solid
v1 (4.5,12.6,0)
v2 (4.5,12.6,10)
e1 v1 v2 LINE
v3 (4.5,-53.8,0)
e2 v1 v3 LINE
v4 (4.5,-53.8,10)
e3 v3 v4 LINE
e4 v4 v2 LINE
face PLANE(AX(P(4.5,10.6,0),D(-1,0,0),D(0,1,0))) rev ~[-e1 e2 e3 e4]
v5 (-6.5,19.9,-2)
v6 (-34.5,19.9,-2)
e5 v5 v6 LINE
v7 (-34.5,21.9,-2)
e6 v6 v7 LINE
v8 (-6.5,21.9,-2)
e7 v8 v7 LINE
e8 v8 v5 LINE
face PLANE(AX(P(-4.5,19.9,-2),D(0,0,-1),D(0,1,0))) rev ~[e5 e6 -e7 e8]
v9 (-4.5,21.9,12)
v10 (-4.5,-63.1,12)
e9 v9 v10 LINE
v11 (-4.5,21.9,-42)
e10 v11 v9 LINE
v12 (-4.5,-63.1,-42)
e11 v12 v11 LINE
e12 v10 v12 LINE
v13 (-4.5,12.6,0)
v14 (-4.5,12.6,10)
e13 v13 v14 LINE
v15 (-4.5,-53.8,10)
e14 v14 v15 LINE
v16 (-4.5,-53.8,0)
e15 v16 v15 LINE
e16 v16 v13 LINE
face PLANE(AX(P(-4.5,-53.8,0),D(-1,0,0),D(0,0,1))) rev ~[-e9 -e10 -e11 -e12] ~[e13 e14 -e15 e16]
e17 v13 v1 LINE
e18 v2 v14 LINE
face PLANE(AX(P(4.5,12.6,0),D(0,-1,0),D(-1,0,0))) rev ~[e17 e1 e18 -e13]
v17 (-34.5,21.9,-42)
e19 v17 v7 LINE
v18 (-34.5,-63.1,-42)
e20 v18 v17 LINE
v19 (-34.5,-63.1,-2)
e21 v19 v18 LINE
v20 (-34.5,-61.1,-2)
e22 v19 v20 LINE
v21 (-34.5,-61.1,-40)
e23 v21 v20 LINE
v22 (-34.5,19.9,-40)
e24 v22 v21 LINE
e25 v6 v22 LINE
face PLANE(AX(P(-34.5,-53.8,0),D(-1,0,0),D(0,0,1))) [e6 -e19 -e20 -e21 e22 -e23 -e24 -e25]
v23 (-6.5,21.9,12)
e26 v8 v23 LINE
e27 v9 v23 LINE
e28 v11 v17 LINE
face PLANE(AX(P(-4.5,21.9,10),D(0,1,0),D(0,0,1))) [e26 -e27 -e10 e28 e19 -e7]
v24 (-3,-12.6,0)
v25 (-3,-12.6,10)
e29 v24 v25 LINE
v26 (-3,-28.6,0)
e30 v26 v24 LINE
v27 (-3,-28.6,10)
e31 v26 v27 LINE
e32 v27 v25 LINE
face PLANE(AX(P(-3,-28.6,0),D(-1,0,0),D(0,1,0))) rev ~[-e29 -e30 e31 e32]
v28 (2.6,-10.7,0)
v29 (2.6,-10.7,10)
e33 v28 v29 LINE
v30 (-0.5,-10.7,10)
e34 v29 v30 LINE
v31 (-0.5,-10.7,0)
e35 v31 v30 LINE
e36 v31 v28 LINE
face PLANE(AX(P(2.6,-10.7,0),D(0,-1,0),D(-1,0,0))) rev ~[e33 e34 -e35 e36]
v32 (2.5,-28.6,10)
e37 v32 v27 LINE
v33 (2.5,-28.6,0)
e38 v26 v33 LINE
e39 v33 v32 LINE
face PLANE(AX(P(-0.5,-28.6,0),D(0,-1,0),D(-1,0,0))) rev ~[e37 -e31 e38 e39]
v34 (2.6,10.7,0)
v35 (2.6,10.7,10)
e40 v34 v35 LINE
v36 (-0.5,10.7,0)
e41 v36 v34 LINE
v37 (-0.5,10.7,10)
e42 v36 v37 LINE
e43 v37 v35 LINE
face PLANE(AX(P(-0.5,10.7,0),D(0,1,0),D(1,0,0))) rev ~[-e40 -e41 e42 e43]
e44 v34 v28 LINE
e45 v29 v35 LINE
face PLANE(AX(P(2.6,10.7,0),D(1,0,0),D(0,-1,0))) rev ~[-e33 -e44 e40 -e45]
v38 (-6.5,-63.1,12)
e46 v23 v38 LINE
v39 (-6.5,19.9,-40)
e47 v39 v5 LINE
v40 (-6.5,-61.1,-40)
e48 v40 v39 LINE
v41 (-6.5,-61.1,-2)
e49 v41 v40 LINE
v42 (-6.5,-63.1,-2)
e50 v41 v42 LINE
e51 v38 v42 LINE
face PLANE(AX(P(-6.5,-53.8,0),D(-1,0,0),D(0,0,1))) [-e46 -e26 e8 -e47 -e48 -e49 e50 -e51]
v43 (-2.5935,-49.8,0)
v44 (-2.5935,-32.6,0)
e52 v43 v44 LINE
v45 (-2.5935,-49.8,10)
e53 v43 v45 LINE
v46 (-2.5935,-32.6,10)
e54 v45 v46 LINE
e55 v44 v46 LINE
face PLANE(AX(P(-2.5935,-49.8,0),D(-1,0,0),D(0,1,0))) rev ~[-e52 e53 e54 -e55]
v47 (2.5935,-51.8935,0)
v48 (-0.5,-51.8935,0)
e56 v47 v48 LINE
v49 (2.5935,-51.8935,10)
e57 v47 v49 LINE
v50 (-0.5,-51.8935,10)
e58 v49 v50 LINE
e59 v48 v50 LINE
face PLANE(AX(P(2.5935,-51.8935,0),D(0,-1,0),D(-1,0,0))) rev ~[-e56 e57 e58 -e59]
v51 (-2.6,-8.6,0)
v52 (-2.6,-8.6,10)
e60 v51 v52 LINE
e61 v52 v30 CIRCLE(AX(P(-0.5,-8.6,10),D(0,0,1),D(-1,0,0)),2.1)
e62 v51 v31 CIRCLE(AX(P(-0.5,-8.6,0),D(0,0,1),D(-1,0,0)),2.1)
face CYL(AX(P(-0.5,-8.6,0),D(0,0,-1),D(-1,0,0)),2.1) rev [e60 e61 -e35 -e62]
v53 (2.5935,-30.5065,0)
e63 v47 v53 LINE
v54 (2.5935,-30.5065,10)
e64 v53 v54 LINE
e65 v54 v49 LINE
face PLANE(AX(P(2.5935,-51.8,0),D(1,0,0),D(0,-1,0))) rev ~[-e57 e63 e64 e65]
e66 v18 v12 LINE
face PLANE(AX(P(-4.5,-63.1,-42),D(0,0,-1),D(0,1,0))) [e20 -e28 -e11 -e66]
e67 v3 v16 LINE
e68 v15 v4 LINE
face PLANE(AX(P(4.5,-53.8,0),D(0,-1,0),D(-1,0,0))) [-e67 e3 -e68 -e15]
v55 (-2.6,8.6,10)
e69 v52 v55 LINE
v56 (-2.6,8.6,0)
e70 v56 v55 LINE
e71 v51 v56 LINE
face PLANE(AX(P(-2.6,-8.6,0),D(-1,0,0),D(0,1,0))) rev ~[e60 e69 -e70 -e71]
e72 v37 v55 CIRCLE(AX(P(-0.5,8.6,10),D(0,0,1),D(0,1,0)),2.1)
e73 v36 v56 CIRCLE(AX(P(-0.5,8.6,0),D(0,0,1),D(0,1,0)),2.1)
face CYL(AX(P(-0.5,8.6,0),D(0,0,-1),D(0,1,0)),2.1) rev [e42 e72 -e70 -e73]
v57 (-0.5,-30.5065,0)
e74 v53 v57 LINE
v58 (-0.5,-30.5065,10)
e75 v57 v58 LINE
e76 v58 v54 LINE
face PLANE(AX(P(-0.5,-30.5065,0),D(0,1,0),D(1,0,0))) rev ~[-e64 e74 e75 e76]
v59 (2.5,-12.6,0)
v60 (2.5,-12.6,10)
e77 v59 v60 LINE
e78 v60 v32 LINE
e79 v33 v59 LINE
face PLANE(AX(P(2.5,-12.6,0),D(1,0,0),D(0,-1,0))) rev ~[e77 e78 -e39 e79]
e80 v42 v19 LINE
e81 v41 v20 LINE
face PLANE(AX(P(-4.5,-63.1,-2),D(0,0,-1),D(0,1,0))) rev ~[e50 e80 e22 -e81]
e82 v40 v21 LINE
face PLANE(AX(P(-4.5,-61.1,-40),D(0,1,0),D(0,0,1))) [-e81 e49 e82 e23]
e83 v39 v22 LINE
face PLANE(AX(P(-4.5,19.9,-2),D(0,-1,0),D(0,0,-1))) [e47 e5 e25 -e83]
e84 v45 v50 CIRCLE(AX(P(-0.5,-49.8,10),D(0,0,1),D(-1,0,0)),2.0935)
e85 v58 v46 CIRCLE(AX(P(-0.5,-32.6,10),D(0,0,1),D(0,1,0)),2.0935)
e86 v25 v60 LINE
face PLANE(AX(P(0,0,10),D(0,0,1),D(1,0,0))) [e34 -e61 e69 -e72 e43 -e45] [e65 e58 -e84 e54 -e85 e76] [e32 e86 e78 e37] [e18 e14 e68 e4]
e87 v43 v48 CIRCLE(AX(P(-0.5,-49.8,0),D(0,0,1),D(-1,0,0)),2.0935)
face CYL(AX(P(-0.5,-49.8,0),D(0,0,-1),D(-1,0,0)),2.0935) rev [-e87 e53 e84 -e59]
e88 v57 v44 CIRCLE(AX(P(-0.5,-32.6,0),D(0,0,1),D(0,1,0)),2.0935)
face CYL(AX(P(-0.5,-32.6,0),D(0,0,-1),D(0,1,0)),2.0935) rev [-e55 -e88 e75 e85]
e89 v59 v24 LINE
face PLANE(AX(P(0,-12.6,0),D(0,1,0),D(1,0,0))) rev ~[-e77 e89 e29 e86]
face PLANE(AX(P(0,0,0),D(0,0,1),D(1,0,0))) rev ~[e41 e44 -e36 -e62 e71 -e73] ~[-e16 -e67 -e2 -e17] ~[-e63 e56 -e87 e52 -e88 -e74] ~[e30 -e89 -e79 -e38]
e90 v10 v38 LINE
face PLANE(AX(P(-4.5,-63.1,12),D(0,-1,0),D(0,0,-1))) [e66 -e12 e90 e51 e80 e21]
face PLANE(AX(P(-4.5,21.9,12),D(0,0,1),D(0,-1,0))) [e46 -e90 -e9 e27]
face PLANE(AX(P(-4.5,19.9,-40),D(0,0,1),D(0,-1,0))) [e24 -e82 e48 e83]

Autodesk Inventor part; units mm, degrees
ref_plane "YZ Plane" through (0, 0, 0) normal (1, 0, 0) x (0, 1, 0)
ref_plane "XZ Plane" through (0, 0, 0) normal (0, 1, 0) x (-1, 0, 0)
ref_plane "XY Plane" through (0, 0, 0) normal (0, 0, 1) x (1, 0, 0)
sketch "Sketch1" plane through (0, 0, 0) normal (0, 0, 1) x (1, 0, 0)
  arc A0 (-0.5, 10.6) -> (-2.5, 8.6) centre (-0.5, 8.6) ccw projected
  line L0 (-2.5, 8.6) -> (-2.5, -8.6) projected
  arc A1 (-2.5, -8.6) -> (-0.5, -10.6) centre (-0.5, -8.6) ccw projected
  line L1 (-0.5, -10.6) -> (2.5, -10.6) projected
  line L2 (2.5, -10.6) -> (2.5, 10.6) projected
  line L3 (2.5, 10.6) -> (-0.5, 10.6) projected
  line L4 (2.5, -51.8) -> (10.3, -51.8) projected
  arc A2 (10.3, -51.8) -> (12.3, -49.8) centre (10.3, -49.8) ccw projected
  line L5 (12.3, -49.8) -> (12.3, -43.8) projected
  arc A3 (14.3, -41.8) -> (12.3, -43.8) centre (14.3, -43.8) ccw projected
  line L6 (14.3, -41.8) -> (33.1, -41.8) projected
  arc A4 (35.1, -43.8) -> (33.1, -41.8) centre (33.1, -43.8) ccw projected
  line L7 (35.1, -43.8) -> (35.1, -49.8) projected
  arc A5 (35.1, -49.8) -> (37.1, -51.8) centre (37.1, -49.8) ccw projected
  line L8 (37.1, -51.8) -> (47.9, -51.8) projected
  arc A6 (47.9, -51.8) -> (49.9, -49.8) centre (47.9, -49.8) ccw projected
  line L9 (49.9, -49.8) -> (49.9, -27.6) projected
  arc A7 (51.9, -25.6) -> (49.9, -27.6) centre (51.9, -27.6) ccw projected
  line L10 (51.9, -25.6) -> (137.9, -25.6) projected
  arc A8 (139.9, -27.6) -> (137.9, -25.6) centre (137.9, -27.6) ccw projected
  line L11 (139.9, -27.6) -> (139.9, -49.8) projected
  arc A9 (139.9, -49.8) -> (141.9, -51.8) centre (141.9, -49.8) ccw projected
  line L12 (141.9, -51.8) -> (154.1, -51.8) projected
  arc A10 (154.1, -51.8) -> (156.1, -49.8) centre (154.1, -49.8) ccw projected
  line L13 (156.1, -49.8) -> (156.1, -41.8) projected
  line L14 (156.1, -41.8) -> (176.1, -41.8) projected
  line L15 (176.1, -41.8) -> (176.1, -49.8) projected
  arc A11 (176.1, -49.8) -> (178.1, -51.8) centre (178.1, -49.8) ccw projected
  line L16 (178.1, -51.8) -> (190.3, -51.8) projected
  arc A12 (190.3, -51.8) -> (192.3, -49.8) centre (190.3, -49.8) ccw projected
  line L17 (192.3, -49.8) -> (192.3, -38.8) projected
  arc A13 (192.3, -38.8) -> (190.3, -36.8) centre (190.3, -38.8) ccw projected
  line L18 (190.3, -36.8) -> (189.3, -36.8) projected
  arc A14 (187.3, -34.8) -> (189.3, -36.8) centre (189.3, -34.8) ccw projected
  line L19 (187.3, -34.8) -> (187.3, -6.4) projected
  arc A15 (189.3, -4.4) -> (187.3, -6.4) centre (189.3, -6.4) ccw projected
  line L20 (189.3, -4.4) -> (190.3, -4.4) projected
  arc A16 (190.3, -4.4) -> (192.3, -2.4) centre (190.3, -2.4) ccw projected
  line L21 (192.3, -2.4) -> (192.3, 8.6) projected
  arc A17 (192.3, 8.6) -> (190.3, 10.6) centre (190.3, 8.6) ccw projected
  line L22 (190.3, 10.6) -> (178.1, 10.6) projected
  arc A18 (178.1, 10.6) -> (176.1, 8.6) centre (178.1, 8.6) ccw projected
  line L23 (176.1, 8.6) -> (176.1, 2.6) projected
  arc A19 (174.1, 0.6) -> (176.1, 2.6) centre (174.1, 2.6) ccw projected
  line L24 (174.1, 0.6) -> (158.1, 0.6) projected
  arc A20 (156.1, 2.6) -> (158.1, 0.6) centre (158.1, 2.6) ccw projected
  line L25 (156.1, 2.6) -> (156.1, 8.6) projected
  arc A21 (156.1, 8.6) -> (154.1, 10.6) centre (154.1, 8.6) ccw projected
  line L26 (154.1, 10.6) -> (141.9, 10.6) projected
  arc A22 (141.9, 10.6) -> (139.9, 8.6) centre (141.9, 8.6) ccw projected
  line L27 (139.9, 8.6) -> (139.9, -13.6) projected
  arc A23 (137.9, -15.6) -> (139.9, -13.6) centre (137.9, -13.6) ccw projected
  line L28 (51.9, -15.6) -> (137.9, -15.6) projected
  arc A24 (49.9, -13.6) -> (51.9, -15.6) centre (51.9, -13.6) ccw projected
  line L29 (49.9, -13.6) -> (49.9, 8.6) projected
  arc A25 (49.9, 8.6) -> (47.9, 10.6) centre (47.9, 8.6) ccw projected
  line L30 (47.9, 10.6) -> (37.1745, 10.6) projected
  arc A26 (37.1745, 10.6) -> (35.1745, 8.6) centre (37.1745, 8.6) ccw projected
  line L31 (35.1745, 8.6) -> (35.1745, 2.6) projected
  arc A27 (33.1745, 0.6) -> (35.1745, 2.6) centre (33.1745, 2.6) ccw projected
  line L32 (33.1745, 0.6) -> (14.3, 0.6) projected
  arc A28 (12.3, 2.6) -> (14.3, 0.6) centre (14.3, 2.6) ccw projected
  line L33 (12.3, 2.6) -> (12.3, 8.6) projected
  arc A29 (12.3, 8.6) -> (10.3, 10.6) centre (10.3, 8.6) ccw projected
  line L34 (10.3, 10.6) -> (2.5, 10.6) projected
  line L35 (2.5, 10.6) -> (2.5, -51.8) projected
  circle A30 centre (181.65, 5.6) radius 1.25 projected
  circle A31 centre (181.65, -46.8) radius 1.25 projected
  circle A32 centre (150.55, -46.8) radius 1.25 projected
  circle A33 centre (166.1, -20.6) radius 12.5 projected
  circle A34 centre (150.55, 5.6) radius 1.25 projected
  circle A35 centre (39.25, -46.8) radius 1.25 projected
  circle A36 centre (8.15, 5.6) radius 1.25 projected
  circle A37 centre (8.15, -46.8) radius 1.25 projected
  circle A38 centre (23.7, -20.6) radius 12.5 projected
  circle A39 centre (39.25, 5.6) radius 1.25 projected
  arc A40 (-0.5, -30.6) -> (-2.5, -32.6) centre (-0.5, -32.6) ccw projected
  line L36 (-2.5, -32.6) -> (-2.5, -49.8) projected
  arc A41 (-2.5, -49.8) -> (-0.5, -51.8) centre (-0.5, -49.8) ccw projected
  line L37 (-0.5, -51.8) -> (2.5, -51.8) projected
  line L38 (2.5, -51.8) -> (2.5, -30.6) projected
  line L39 (2.5, -30.6) -> (-0.5, -30.6) projected
  arc A42 (-0.5, 12.6) -> (-4.5, 8.6) centre (-0.5, 8.6) ccw
  line L40 (-4.5, 8.6) -> (-4.5, -8.6)
  arc A43 (-4.5, -8.6) -> (-0.5, -12.6) centre (-0.5, -8.6) ccw
  line L41 (-0.5, -12.6) -> (4.5, -12.6)
  line L42 (4.5, -12.6) -> (4.5, 12.6)
  line L43 (4.5, 12.6) -> (-0.5, 12.6)
  arc A44 (-0.5, -28.6) -> (-4.5, -32.6) centre (-0.5, -32.6) ccw
  line L44 (-0.5, -28.6) -> (4.5, -28.6)
  line L45 (4.5, -28.6) -> (4.5, -53.8)
  line L46 (4.5, -53.8) -> (-0.5, -53.8)
  arc A45 (-4.5, -49.8) -> (-0.5, -53.8) centre (-0.5, -49.8) ccw
  line L47 (-4.5, -49.8) -> (-4.5, -32.6)
  line L48 (4.5, -12.6) -> (4.5, -28.6)
  line L49 (-4.5, -8.6) -> (-4.5, -32.6)
  line L50 (0, -28.6) -> (0, -12.6)
  line L51 (-3, -12.6) -> (3, -12.6)
  line L52 (3, -12.6) -> (3, -28.6)
  line L53 (3, -28.6) -> (-3, -28.6)
  line L54 (-3, -28.6) -> (-3, -12.6)
  line L55 (-3, -12.6) -> (3, -28.6) construction
  line L56 (3, -12.6) -> (-3, -28.6) construction
  arc A46 (-0.5, -30.5065) -> (-2.5935, -32.6) centre (-0.5, -32.6) ccw
  line L57 (-0.5, -30.5065) -> (2.5935, -30.5065)
  line L58 (2.5935, -30.5065) -> (2.5935, -51.8935)
  line L59 (2.5935, -51.8935) -> (-0.5, -51.8935)
  arc A47 (-2.5935, -49.8) -> (-0.5, -51.8935) centre (-0.5, -49.8) ccw
  line L60 (-2.5935, -49.8) -> (-2.5935, -32.6)
  arc A48 (-2.6, -8.6) -> (-0.5, -10.7) centre (-0.5, -8.6) ccw
  line L61 (-2.6, -8.6) -> (-2.6, 8.6)
  arc A49 (-0.5, 10.7) -> (-2.6, 8.6) centre (-0.5, 8.6) ccw
  line L62 (-0.5, 10.7) -> (2.6, 10.7)
  line L63 (2.6, 10.7) -> (2.6, -10.7)
  line L64 (2.6, -10.7) -> (-0.5, -10.7)
  line L65 (2.5, -12.6) -> (2.5, -13.431)
  line L66 (2.5, -13.431) -> (2.5, -15.7904)
  line L67 (2.5, -15.7904) -> (2.5, -28.2258)
  line L68 (2.5, -28.2258) -> (2.5, -28.5718)
  line L69 (2.5, -28.5718) -> (2.5, -28.6211)
  line L70 (4.5, 12.6) -> (-4.5, 12.6)
  line L71 (-4.5, 12.6) -> (-4.5, -53.8)
  line L72 (-4.5, -53.8) -> (4.5, -53.8)
  line L73 (4.5, -53.8) -> (4.5, 12.6)
  point P0 (0, 0)
  point P1 (0, -20.6)
  point P2 (2.5, -12.6)
  point P3 (2.5, -28.6)
  point P4 (2.5935, -51.8)
  point P5 (4.5, -51.8)
  point P6 (2.5, -30.5065)
  point P7 (-0.5, -28.6)
  point P8 (-0.5, -12.6)
  point P9 (2.5, -10.7)
  point P10 (4.5, 10.6)
  point P11 (2.6, 10.6)
  point P12 (-4.5, 8.6)
  point P13 (-0.5, 12.6)
  point P14 (-0.5, -53.8)
  point P15 (-4.5, -49.8)
  dimension "d0" = 2
  dimension "d1" = 2
  dimension "d2" = 6
  dimension "d3" = 0.1
extrude "Extrusion1" add sketch "Sketch1" along normal blind 10 contours L63 L62 A49 L61 A48 L64 L35 L41 A43 L40 A42 L43 L42 L34 | L34 L42 L41 L35 L64 L63 | L41 L52 L44 L35 | L48 L44 L52 L41 | L45 L4 L58 L57 L35 L44 | A42 L71 L70 | L51 L54 L53 A44 L49 A43 | L44 L35 L57 A46 L60 A47 L59 L58 L4 L45 L46 A45 L47 A44 | L72 L71 A45
sketch "Sketch10" plane through (-4.5, -53.8, 0) normal (-1, 0, 0) x (0, 0, 1)
  line L0 (0, 66.4) -> (0, 0) projected
  line L1 (0, 0) -> (10, 0) projected
  line L2 (10, 66.4) -> (10, 0) projected
  line L3 (0, 66.4) -> (10, 66.4) projected
  line L4 (0, 1.9065) -> (0, 0)
  line L5 (0, -7.3) -> (10, -7.3)
  line L6 (10, -7.3) -> (10, 73.7)
  line L7 (10, 73.7) -> (0, 73.7)
  line L8 (0, 73.7) -> (10, -7.3) construction
  line L9 (0, -7.3) -> (10, 73.7) construction
  line L10 (0, 1.9065) -> (10, 1.9065) projected
  line L11 (0, 73.7) -> (81, 73.7) construction
  line L12 (12, -9.3) -> (-2, -9.3)
  line L13 (-2, -9.3) -> (-2, 75.7)
  line L14 (-2, 75.7) -> (12, 75.7)
  line L15 (12, 75.7) -> (12, -9.3)
  line L16 (0, 73.7) -> (-40, 73.7)
  line L17 (-40, 73.7) -> (-40, -7.3)
  line L18 (-40, -7.3) -> (0, -7.3)
  line L19 (0, 0) -> (0, 1.9065)
  line L20 (-42, 75.7) -> (2, 75.7)
  line L21 (2, -9.3) -> (-42, -9.3)
  line L22 (-42, -9.3) -> (-42, 75.7)
  line L23 (2, -7.3) -> (2, -9.3)
  line L24 (10, -7.3) -> (10, -9.3)
  line L25 (10, 73.7) -> (10, 75.7)
  point P0 (0, 53.8)
  point P1 (5, 33.2)
  point P2 (-2, -9.3)
  point P3 (-2, 73.7)
  point P4 (-2, -9.3)
  point P5 (-2, -7.3)
  dimension "d64" = 81
  dimension "d65" = 90
  dimension "d66" = 2
  dimension "d67" = 40
  dimension "d68" = 2
extrude "Extrusion9" add sketch "Sketch10" along normal blind 2
extrude "Extrusion10" add sketch "Sketch10" along normal blind 30 contours L16 L17 L18 L13 L21 L22 L20
properties part number "drzalo_vezja"
